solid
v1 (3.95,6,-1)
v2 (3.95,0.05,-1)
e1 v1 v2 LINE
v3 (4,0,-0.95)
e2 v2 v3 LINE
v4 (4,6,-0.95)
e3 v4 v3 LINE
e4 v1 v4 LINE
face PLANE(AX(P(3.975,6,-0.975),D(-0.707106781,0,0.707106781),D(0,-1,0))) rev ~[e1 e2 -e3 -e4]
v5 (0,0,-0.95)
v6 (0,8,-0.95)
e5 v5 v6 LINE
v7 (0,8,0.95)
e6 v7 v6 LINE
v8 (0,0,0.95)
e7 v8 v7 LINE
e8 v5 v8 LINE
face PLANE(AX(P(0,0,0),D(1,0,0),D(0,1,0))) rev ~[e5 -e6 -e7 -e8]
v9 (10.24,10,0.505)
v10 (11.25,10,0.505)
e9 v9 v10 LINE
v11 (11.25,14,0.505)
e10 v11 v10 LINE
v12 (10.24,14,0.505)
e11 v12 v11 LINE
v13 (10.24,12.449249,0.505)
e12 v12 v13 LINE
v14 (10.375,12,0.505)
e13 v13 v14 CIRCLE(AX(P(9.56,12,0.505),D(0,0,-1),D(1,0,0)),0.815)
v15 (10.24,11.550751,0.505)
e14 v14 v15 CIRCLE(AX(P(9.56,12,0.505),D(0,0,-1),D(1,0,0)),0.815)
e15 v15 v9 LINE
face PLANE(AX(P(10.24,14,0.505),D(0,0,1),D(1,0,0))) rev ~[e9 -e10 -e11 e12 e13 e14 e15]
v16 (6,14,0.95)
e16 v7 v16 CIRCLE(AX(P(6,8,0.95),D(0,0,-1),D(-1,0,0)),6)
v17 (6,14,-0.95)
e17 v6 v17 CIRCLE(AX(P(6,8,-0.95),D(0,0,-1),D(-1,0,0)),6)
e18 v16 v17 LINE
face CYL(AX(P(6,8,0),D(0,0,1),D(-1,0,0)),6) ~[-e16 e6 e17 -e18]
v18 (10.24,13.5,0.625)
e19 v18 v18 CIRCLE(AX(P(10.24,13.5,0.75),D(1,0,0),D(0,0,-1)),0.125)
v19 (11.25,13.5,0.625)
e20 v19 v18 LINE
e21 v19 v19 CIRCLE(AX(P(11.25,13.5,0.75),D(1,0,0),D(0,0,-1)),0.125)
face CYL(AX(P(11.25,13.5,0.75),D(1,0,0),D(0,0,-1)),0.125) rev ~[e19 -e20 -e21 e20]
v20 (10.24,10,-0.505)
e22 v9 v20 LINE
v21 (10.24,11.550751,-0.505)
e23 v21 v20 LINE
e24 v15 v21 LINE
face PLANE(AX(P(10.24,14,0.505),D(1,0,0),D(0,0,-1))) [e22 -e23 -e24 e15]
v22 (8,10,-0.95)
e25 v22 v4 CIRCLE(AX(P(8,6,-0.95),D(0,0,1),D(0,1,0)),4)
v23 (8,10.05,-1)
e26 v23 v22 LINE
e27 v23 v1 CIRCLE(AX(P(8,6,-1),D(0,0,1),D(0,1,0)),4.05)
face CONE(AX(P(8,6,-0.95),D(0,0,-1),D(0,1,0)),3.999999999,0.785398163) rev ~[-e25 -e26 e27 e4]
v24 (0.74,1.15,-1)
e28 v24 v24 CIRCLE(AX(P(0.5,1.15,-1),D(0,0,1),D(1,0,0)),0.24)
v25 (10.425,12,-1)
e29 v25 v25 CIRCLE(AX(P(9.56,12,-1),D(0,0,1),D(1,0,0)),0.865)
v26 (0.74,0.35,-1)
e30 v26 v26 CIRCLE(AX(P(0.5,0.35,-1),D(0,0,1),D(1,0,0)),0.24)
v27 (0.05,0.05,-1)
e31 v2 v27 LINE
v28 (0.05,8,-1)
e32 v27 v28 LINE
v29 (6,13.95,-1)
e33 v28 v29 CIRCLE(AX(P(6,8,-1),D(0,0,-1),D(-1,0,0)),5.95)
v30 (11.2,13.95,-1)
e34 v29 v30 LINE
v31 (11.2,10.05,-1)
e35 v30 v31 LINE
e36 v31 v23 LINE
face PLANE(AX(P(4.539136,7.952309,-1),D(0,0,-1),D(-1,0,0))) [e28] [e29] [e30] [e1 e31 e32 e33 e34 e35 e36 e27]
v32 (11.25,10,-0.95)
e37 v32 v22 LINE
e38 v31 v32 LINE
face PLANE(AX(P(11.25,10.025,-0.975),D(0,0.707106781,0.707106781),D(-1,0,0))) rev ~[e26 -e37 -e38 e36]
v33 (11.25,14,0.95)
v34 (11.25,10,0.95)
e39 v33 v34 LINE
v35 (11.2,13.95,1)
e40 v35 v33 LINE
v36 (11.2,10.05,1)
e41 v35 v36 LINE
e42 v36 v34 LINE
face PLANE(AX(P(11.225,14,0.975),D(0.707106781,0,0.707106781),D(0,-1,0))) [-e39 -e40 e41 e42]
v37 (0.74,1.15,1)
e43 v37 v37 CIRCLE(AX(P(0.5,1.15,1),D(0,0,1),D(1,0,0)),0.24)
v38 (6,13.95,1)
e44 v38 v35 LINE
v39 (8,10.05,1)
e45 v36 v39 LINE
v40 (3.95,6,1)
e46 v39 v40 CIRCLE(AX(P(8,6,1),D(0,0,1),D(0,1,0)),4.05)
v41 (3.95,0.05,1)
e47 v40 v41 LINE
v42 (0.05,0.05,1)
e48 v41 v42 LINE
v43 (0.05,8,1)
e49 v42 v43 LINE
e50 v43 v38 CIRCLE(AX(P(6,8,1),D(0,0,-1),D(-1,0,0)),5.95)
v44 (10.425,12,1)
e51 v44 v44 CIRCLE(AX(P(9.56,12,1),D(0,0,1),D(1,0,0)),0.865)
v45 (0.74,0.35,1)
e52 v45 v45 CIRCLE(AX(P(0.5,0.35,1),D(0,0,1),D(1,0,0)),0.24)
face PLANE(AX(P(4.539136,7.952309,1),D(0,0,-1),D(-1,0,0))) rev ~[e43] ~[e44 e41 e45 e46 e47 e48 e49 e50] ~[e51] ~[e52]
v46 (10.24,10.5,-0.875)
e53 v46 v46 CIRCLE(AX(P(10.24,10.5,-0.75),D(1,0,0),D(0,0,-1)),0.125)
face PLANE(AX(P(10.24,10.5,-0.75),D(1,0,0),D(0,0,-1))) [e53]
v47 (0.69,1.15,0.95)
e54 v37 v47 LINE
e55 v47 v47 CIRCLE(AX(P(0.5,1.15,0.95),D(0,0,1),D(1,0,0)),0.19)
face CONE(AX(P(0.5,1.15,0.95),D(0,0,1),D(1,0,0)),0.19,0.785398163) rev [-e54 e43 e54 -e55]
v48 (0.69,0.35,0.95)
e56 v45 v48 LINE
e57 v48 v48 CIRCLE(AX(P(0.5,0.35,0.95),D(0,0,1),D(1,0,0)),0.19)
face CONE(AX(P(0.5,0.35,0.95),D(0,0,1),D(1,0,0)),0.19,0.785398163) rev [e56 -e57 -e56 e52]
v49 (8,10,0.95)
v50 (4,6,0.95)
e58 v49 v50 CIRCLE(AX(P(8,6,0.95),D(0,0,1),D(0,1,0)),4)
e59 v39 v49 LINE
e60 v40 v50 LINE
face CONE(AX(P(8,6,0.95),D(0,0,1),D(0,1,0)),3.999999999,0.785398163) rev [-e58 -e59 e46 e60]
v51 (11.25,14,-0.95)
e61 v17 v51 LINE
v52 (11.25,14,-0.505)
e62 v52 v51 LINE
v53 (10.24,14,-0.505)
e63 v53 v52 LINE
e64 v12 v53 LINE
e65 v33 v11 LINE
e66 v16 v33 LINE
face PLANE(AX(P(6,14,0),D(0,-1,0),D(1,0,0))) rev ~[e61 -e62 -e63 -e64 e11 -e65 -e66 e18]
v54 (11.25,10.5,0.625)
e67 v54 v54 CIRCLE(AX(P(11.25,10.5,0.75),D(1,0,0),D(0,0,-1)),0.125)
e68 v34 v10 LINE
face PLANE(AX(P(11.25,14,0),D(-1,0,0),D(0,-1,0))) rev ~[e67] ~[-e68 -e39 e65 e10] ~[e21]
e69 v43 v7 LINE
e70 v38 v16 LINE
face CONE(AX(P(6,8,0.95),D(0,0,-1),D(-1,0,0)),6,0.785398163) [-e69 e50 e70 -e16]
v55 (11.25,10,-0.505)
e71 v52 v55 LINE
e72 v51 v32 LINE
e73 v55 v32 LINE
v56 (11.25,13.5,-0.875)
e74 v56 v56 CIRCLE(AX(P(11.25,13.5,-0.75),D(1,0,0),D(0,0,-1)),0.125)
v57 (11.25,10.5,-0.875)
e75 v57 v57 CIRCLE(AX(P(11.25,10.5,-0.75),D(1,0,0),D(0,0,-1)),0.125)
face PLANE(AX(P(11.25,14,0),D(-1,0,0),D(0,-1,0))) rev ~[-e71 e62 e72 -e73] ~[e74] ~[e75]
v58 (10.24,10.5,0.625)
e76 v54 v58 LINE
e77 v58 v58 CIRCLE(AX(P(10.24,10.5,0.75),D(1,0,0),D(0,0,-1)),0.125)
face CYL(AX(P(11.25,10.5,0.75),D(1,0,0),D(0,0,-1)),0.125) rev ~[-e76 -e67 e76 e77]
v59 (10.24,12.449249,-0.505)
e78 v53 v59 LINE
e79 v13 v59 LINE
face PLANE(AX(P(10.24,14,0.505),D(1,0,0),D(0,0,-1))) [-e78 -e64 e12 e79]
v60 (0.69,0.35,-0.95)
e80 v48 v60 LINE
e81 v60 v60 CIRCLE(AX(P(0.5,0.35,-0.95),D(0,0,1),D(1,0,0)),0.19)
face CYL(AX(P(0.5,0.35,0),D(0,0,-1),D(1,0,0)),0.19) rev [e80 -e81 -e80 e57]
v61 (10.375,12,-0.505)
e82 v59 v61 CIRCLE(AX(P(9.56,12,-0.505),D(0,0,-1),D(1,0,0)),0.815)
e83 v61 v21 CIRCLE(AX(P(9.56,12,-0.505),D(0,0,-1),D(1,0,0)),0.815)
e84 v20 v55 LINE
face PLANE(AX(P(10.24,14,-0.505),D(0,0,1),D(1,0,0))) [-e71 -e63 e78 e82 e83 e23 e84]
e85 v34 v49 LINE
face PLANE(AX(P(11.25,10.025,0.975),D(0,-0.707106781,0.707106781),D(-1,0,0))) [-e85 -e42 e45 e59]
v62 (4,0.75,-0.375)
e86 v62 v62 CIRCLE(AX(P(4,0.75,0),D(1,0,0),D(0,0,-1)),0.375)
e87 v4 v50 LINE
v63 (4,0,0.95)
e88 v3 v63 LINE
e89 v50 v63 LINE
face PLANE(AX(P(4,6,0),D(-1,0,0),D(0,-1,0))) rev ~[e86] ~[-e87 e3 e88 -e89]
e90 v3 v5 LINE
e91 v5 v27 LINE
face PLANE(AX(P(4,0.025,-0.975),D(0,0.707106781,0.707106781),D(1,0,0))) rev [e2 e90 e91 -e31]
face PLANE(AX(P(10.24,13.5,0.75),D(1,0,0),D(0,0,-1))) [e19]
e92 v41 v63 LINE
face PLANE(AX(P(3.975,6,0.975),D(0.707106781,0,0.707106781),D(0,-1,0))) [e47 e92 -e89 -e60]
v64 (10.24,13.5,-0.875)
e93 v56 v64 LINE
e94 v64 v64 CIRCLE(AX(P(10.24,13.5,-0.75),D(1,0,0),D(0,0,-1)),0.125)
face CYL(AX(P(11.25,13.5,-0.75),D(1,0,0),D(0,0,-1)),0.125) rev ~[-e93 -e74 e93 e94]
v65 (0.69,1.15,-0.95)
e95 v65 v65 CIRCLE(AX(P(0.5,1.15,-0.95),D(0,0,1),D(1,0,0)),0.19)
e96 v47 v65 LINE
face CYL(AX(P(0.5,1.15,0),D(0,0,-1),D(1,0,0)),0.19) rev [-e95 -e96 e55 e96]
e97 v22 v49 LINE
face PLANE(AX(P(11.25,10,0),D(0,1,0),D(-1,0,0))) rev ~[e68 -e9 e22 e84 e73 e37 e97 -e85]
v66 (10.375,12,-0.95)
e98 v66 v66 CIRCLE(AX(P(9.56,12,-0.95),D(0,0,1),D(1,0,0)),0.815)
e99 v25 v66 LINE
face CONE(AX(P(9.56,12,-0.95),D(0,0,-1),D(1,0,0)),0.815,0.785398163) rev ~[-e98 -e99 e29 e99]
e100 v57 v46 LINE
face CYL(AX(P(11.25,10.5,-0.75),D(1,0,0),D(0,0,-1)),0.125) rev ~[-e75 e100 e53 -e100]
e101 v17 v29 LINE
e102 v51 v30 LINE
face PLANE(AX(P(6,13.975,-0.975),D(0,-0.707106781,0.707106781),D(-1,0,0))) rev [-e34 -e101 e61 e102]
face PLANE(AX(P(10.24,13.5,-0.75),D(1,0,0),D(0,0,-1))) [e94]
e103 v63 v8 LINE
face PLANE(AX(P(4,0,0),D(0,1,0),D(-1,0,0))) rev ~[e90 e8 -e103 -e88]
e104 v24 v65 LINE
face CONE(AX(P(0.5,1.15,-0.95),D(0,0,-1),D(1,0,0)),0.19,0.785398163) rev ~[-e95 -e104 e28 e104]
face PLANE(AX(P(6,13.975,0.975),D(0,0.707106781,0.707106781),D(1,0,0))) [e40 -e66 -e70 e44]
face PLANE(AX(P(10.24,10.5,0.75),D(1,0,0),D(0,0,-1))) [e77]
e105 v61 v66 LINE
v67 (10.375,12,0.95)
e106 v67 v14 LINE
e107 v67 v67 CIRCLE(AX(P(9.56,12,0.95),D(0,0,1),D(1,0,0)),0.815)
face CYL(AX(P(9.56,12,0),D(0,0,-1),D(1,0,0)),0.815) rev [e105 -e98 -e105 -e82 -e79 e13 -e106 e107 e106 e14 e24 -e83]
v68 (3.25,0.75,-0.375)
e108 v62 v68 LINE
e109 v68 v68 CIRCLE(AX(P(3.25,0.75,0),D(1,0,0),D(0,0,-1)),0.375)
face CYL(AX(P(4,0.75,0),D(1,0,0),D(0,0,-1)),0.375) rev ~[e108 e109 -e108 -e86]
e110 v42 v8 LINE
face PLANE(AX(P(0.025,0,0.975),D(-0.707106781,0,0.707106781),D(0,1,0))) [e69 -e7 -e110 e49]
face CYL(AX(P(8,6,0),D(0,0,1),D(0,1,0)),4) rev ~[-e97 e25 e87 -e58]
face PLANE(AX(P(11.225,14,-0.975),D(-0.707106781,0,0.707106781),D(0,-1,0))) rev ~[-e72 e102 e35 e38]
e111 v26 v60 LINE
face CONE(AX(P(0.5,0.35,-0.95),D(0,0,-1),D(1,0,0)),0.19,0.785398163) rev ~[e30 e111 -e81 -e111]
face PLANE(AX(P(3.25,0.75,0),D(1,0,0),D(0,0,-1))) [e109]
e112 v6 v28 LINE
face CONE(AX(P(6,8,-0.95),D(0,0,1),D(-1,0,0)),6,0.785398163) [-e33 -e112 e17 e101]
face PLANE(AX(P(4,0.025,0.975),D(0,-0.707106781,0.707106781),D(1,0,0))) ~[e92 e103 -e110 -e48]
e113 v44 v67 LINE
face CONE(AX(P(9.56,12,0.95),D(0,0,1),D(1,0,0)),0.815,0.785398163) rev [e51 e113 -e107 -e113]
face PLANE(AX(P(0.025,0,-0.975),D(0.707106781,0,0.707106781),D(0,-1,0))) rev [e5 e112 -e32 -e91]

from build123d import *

# Parameters (mm, degrees)
SKETCH1_R           = 0.19
SKETCH1_R_2         = 0.815
BOSS_EXTRUDE1_DEPTH = 1
SKETCH2_R           = 0.375
CUT_EXTRUDE1_DEPTH  = 0.75
SKETCH3_W           = 1.01
SKETCH3_H           = 1.01
CUT_EXTRUDE2_DEPTH  = 15
SKETCH4_R           = 0.125
CUT_EXTRUDE3_DEPTH  = 1.01
CHAMFER1_SIZE       = 0.05


with BuildPart() as part:
    # Sketch1 → Boss-Extrude1 (new body, symmetric)
    with BuildSketch(Plane.XY):
        with BuildLine():
            Line((0, 0), (0, 8))
            ThreePointArc((0, 8), (1.757359313, 12.242640687), (6, 14))
            Line((6, 14), (11.25, 14))
            Line((11.25, 14), (11.25, 10))
            Line((11.25, 10), (8, 10))
            ThreePointArc((8, 10), (5.171572875, 8.828427125), (4, 6))
            Line((4, 6), (4, 0))
            Line((4, 0), (0, 0))
        make_face()
        with Locations((0.5, 0.35)):
            Circle(SKETCH1_R, mode=Mode.SUBTRACT)
        with Locations((0.5, 1.15)):
            Circle(SKETCH1_R, mode=Mode.SUBTRACT)
        with Locations((9.56, 12)):
            Circle(SKETCH1_R_2, mode=Mode.SUBTRACT)
    extrude(amount=BOSS_EXTRUDE1_DEPTH, both=True)

    # Sketch2 → Cut-Extrude1 (cut)
    with BuildSketch(Plane(origin=(4, 0, 0), x_dir=(0, 0, -1), z_dir=(1, 0, 0))):
        with Locations((0, 0.75)):
            Circle(SKETCH2_R)
    extrude(amount=-CUT_EXTRUDE1_DEPTH, mode=Mode.SUBTRACT)

    # Sketch3 → Cut-Extrude2 (cut, through all)
    with BuildSketch(Plane(origin=(0, 14, 0), x_dir=(1, 0, 0), z_dir=(0, 1, 0))):
        with Locations((10.745, 0)):
            Rectangle(SKETCH3_W, SKETCH3_H)
    extrude(amount=-CUT_EXTRUDE2_DEPTH, mode=Mode.SUBTRACT)

    # Sketch4 → Cut-Extrude3 (cut)
    with BuildSketch(Plane(origin=(11.25, 0, 0), x_dir=(0, 0, -1), z_dir=(1, 0, 0))):
        with Locations((0.75, 13.5)):
            Circle(SKETCH4_R)
        with Locations((0.75, 10.5)):
            Circle(SKETCH4_R)
        with Locations((-0.75, 10.5)):
            Circle(SKETCH4_R)
        with Locations((-0.75, 13.5)):
            Circle(SKETCH4_R)
    extrude(amount=-CUT_EXTRUDE3_DEPTH, mode=Mode.SUBTRACT)

    # Chamfer1
    chamfer1_edges = [part.edges().sort_by_distance(p)[0] for p in [
        (9.625, 10, -1),
        (5.171572875, 8.828427125, -1),
        (4, 3, -1),
        (2, 0, -1),
        (5.171572875, 8.828427125, 1),
        (9.625, 10, 1),
        (11.25, 12, 1),
        (0.31, 0.35, -1),
        (0.31, 0.35, 1),
        (8.625, 14, 1),
        (0.31, 1.15, -1),
        (0.31, 1.15, 1),
        (1.757359313, 12.242640687, 1),
        (8.745, 12, -1),
        (8.745, 12, 1),
        (0, 4, 1),
        (2, 0, 1),
        (0, 4, -1),
        (4, 3, 1),
        (1.757359313, 12.242640687, -1),
        (8.625, 14, -1),
        (11.25, 12, -1),
    ]]
    chamfer(chamfer1_edges, length=CHAMFER1_SIZE)


solid = part.part
